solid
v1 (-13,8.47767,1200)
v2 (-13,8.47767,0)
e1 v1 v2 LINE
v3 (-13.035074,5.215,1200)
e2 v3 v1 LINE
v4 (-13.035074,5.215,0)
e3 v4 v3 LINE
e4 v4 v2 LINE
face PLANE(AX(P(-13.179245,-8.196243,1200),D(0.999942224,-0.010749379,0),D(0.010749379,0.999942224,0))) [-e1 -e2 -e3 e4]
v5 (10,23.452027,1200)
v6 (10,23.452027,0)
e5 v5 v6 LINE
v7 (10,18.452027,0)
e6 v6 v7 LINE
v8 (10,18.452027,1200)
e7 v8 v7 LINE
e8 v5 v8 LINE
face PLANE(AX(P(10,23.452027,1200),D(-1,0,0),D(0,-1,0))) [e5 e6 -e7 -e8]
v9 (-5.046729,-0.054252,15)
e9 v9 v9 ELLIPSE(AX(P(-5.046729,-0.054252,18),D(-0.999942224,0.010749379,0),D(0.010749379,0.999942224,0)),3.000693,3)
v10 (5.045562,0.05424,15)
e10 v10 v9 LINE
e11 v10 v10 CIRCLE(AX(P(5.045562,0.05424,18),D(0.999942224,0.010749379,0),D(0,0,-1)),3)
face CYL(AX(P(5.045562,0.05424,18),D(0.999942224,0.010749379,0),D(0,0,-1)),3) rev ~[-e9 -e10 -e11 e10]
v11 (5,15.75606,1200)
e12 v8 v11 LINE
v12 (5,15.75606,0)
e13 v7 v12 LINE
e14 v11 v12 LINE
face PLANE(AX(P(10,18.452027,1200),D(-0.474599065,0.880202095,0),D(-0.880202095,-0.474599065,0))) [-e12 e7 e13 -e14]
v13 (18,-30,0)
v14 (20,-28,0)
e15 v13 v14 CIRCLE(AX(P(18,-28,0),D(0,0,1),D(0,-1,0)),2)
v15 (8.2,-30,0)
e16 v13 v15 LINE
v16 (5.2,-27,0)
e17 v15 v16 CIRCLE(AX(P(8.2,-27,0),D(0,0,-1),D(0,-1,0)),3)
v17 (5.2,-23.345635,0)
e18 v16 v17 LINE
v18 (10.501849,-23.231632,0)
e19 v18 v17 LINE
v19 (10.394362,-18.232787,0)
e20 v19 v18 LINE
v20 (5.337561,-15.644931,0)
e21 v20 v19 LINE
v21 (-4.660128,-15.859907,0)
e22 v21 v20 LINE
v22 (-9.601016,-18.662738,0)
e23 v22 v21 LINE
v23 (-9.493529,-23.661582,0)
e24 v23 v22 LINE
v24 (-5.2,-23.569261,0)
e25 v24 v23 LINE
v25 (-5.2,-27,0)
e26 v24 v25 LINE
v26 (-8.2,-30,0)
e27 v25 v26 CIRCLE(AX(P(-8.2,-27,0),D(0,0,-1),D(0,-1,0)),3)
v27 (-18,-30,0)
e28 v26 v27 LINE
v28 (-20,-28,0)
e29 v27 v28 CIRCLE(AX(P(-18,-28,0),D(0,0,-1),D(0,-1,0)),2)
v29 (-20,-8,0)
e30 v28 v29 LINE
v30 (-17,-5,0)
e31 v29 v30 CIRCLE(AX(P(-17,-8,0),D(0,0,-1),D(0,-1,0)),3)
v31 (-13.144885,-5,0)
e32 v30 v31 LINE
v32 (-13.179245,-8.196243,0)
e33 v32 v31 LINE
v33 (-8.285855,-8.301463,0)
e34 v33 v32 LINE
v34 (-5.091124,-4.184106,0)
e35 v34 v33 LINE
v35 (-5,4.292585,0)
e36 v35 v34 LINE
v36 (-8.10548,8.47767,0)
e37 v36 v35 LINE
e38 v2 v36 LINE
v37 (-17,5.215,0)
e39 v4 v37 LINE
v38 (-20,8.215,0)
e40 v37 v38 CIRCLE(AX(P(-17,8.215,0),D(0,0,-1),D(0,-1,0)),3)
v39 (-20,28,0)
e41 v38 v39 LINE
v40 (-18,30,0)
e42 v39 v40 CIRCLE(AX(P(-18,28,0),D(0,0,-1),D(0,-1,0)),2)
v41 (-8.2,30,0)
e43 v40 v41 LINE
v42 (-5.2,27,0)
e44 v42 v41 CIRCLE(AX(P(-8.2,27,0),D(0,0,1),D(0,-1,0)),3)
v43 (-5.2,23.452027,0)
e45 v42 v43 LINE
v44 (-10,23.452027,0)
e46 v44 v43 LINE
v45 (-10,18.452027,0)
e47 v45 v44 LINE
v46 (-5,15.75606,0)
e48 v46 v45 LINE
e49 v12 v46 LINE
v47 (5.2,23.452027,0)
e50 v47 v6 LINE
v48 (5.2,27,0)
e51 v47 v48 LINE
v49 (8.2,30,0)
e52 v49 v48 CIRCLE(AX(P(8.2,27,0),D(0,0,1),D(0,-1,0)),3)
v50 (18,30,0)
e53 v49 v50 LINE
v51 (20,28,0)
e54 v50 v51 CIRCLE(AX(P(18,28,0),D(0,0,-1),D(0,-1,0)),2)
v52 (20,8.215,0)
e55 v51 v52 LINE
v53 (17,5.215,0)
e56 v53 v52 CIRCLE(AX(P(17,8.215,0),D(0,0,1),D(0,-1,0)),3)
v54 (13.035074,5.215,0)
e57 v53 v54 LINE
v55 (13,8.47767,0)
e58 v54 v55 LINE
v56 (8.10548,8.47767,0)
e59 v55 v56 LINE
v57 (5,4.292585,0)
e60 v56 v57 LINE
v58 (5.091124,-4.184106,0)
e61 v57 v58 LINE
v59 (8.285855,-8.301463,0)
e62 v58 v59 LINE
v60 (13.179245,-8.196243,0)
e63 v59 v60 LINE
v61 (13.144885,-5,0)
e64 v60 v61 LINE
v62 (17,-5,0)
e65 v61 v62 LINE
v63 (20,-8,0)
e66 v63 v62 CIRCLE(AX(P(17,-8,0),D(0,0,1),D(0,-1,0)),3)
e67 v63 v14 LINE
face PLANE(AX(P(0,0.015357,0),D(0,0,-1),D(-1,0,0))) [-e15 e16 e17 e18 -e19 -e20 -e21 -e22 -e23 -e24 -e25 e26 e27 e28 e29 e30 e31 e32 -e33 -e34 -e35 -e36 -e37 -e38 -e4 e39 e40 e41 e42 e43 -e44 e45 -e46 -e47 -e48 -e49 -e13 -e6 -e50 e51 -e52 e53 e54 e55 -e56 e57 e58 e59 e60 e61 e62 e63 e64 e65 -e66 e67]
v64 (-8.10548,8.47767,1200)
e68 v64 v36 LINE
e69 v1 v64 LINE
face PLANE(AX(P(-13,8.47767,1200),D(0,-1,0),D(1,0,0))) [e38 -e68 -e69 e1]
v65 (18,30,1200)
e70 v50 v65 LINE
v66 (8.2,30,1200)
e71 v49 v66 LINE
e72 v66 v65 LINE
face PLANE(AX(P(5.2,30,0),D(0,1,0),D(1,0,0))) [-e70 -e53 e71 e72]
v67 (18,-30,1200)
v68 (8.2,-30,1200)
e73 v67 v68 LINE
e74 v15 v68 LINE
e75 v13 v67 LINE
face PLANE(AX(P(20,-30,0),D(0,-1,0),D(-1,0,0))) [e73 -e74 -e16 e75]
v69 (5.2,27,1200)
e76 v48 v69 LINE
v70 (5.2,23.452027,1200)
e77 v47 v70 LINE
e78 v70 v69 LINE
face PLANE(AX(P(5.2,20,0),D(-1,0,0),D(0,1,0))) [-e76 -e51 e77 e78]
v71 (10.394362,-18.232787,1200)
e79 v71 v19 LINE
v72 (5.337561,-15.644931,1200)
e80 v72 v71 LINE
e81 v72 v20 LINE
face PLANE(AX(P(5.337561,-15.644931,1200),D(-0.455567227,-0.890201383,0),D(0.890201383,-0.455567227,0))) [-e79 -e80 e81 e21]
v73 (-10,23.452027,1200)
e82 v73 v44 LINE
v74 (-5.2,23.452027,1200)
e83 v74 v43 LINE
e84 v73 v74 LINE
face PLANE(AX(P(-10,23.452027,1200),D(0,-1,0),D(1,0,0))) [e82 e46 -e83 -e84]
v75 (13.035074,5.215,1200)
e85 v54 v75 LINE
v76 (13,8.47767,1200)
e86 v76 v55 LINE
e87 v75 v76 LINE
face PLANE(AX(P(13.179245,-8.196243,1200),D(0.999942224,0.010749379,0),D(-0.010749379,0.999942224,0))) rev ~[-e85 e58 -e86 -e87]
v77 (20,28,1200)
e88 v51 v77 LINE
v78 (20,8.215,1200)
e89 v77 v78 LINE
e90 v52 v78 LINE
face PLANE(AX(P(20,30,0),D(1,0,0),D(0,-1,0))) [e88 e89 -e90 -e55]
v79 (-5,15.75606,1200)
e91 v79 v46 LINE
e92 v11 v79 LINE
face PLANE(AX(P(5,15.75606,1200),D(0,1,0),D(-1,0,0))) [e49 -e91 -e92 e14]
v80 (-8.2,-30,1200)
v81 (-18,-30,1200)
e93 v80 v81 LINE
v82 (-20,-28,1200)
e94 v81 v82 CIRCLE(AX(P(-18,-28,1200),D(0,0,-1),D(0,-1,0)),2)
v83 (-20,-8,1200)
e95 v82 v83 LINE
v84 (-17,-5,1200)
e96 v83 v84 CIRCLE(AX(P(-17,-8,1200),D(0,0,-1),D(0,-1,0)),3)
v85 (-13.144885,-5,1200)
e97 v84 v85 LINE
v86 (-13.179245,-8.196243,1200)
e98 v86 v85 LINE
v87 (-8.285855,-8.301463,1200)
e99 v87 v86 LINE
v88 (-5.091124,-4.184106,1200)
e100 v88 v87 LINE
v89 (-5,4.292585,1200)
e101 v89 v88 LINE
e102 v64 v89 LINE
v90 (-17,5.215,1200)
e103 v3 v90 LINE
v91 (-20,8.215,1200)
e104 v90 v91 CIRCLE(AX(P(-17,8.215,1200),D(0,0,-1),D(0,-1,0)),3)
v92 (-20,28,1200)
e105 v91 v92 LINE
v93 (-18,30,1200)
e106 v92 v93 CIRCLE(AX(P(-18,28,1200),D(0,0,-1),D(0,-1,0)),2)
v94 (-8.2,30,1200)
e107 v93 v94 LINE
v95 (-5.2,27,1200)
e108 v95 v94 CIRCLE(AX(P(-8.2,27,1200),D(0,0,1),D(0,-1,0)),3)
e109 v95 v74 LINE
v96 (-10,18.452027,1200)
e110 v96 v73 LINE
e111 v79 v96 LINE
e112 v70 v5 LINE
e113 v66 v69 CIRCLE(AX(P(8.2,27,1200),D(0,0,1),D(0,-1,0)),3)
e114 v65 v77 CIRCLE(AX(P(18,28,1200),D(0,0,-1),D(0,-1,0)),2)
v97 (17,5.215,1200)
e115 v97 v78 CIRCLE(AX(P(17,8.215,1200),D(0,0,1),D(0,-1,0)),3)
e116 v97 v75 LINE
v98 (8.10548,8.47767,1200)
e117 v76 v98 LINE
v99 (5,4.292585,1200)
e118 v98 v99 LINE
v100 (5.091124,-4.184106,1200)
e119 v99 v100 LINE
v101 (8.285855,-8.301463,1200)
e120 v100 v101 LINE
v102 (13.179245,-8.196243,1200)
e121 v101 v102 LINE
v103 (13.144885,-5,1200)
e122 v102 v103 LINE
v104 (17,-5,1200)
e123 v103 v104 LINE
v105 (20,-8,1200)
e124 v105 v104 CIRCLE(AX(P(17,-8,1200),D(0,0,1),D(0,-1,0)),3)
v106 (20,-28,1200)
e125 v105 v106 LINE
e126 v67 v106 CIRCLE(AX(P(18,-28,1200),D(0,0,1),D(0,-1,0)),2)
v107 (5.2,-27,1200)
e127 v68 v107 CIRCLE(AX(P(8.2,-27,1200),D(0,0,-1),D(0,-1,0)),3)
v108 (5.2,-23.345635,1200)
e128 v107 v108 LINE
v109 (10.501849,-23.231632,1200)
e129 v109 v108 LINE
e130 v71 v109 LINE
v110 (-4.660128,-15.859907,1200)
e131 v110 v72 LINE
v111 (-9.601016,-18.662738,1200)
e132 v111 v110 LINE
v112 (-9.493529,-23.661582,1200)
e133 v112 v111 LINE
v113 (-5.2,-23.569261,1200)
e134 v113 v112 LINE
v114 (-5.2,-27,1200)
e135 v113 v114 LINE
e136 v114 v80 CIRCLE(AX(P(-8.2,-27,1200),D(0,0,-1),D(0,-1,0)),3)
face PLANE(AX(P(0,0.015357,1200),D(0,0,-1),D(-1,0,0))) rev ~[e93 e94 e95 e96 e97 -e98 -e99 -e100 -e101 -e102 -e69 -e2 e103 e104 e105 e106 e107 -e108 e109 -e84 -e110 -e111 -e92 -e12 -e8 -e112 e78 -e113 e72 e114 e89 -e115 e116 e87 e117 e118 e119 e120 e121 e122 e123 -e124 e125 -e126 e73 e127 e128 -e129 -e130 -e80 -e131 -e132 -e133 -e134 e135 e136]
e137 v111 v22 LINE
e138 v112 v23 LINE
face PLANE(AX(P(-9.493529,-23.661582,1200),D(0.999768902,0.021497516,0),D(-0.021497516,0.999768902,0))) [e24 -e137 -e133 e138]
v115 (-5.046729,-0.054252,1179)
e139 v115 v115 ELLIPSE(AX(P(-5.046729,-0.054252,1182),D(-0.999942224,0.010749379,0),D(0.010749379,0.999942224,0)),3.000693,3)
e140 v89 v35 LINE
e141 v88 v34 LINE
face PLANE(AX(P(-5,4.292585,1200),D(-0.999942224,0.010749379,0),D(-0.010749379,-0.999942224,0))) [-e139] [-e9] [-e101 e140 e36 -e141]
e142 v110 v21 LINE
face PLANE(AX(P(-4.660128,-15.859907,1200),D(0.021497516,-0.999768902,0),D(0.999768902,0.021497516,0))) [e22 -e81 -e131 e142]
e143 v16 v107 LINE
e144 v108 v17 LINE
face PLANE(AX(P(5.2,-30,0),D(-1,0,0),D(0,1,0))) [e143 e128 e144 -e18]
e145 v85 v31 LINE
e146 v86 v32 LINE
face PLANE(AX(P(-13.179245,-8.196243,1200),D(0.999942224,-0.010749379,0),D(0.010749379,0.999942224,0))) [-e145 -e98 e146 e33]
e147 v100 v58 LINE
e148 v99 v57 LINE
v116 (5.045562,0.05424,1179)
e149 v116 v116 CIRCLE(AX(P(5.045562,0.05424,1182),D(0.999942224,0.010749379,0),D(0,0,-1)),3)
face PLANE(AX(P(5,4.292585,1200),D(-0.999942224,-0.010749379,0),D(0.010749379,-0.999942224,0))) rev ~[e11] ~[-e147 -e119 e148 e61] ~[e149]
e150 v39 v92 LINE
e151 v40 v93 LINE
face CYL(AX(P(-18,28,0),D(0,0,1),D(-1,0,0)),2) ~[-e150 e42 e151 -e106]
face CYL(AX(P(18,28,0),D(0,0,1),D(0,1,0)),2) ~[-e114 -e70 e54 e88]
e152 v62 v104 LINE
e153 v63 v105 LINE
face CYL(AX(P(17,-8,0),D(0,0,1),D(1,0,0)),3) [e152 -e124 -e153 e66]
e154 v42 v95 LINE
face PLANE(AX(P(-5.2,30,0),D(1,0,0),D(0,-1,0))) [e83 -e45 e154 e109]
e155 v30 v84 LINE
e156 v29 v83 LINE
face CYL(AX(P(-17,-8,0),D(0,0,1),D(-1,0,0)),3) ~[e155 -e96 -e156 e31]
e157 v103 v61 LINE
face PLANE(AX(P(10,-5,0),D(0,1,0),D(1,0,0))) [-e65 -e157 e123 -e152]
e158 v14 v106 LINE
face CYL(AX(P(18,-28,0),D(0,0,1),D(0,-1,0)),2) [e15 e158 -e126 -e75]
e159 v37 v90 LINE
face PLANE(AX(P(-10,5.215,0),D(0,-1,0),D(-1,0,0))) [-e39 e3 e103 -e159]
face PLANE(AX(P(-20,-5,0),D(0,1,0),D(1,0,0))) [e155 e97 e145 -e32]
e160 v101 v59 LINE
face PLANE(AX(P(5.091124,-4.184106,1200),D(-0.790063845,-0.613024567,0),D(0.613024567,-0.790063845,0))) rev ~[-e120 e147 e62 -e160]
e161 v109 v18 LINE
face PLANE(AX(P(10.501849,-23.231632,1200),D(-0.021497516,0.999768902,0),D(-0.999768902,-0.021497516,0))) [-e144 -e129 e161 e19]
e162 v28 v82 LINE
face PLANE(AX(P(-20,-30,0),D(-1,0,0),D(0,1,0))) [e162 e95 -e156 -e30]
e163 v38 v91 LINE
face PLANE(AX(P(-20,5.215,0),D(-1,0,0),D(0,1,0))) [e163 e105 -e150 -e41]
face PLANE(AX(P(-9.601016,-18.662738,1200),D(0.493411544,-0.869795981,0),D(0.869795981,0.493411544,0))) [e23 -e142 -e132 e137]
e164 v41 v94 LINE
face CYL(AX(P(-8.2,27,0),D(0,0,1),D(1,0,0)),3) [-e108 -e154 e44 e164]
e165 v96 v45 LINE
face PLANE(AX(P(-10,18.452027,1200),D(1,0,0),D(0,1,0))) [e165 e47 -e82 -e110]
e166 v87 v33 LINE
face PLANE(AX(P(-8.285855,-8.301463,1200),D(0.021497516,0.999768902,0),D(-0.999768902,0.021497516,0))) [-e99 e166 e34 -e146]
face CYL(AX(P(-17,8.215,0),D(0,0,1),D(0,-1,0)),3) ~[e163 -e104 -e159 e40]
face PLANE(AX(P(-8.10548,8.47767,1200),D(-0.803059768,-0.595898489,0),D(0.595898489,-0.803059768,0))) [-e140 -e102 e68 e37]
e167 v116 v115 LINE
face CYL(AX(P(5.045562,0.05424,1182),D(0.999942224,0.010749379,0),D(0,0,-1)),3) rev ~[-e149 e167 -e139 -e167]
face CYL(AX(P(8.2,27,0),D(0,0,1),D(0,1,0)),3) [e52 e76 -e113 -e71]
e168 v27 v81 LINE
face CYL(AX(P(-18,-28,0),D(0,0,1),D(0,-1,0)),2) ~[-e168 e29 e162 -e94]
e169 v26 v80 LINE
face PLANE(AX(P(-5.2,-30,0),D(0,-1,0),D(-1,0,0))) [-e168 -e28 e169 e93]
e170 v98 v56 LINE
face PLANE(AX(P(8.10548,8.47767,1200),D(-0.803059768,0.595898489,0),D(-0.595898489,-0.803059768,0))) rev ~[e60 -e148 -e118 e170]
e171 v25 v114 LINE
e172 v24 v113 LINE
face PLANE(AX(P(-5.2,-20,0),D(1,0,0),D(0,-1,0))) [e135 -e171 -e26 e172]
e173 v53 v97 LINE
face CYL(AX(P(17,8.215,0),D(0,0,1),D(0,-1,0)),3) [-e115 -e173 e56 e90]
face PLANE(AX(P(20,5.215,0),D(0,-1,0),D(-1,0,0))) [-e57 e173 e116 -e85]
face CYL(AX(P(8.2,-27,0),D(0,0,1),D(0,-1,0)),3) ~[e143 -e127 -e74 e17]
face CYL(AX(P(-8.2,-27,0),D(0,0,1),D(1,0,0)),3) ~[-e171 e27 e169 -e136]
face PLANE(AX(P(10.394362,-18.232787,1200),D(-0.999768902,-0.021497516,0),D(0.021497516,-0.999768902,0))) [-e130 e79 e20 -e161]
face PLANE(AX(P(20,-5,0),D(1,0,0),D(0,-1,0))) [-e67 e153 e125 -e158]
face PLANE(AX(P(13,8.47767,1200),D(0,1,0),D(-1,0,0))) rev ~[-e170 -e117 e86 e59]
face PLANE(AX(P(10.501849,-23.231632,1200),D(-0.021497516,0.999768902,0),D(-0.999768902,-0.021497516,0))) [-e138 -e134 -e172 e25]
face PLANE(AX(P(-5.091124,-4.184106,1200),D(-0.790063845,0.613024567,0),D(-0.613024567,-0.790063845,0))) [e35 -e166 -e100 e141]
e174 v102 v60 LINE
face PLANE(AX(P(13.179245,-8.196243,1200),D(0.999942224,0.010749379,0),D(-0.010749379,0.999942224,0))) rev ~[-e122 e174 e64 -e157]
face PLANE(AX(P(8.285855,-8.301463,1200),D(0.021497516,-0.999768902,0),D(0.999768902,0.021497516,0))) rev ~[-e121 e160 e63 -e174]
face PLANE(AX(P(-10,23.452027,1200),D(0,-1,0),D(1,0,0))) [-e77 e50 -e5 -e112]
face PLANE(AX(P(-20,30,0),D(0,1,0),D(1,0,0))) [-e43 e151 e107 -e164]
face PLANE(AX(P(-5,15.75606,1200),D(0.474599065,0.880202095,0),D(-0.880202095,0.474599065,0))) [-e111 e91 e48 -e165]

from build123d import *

# Parameters (mm, degrees)
SALIENTE_EXTRUIR1_DEPTH    = 1200
REDONDEO3_R                = 2
REDONDEO4_R                = 3
CORTAR_EXTRUIR1_DEPTH      = 1200
CROQUIS3_R                 = 3
CORTAR_EXTRUIR2_DEPTH      = 56
CORTAR_EXTRUIR2_DEPTH_BACK = 96


with BuildPart() as part:
    # Croquis1 → Saliente-Extruir1 (new body)
    with BuildSketch(Plane.XY):
        Polygon((20, -30), (5.2, -30), (5.2, -20), (-5.2, -20), (-5.2, -30), (-20, -30), (-20, -5), (-10, -5), (-10, 5.215), (-20, 5.215), (-20, 30), (-5.2, 30), (-5.2, 20), (5.2, 20), (5.2, 30), (20, 30), (20, 5.215), (10, 5.215), (10, -5), (20, -5), align=None)
    extrude(amount=SALIENTE_EXTRUIR1_DEPTH)

    # Redondeo3
    redondeo3_edges = [part.edges().sort_by_distance(p)[0] for p in [
        (-20, -30, 600),
        (-20, 30, 600),
        (20, 30, 600),
        (20, -30, 600),
    ]]
    fillet(redondeo3_edges, radius=REDONDEO3_R)

    # Redondeo4
    redondeo4_edges = [part.edges().sort_by_distance(p)[0] for p in [
        (-5.2, -30, 600),
        (-20, -5, 600),
        (-20, 5.215, 600),
        (-5.2, 30, 600),
        (5.2, 30, 600),
        (20, 5.215, 600),
        (20, -5, 600),
        (5.2, -30, 600),
    ]]
    fillet(redondeo4_edges, radius=REDONDEO4_R)

    # Croquis2 → Cortar-Extruir1 (cut)
    with BuildSketch(Plane.XY.offset(1200)):
        Polygon((-10, 23.452026666), (10, 23.452026666), (10, 18.452026666), (5, 15.75606021), (-5, 15.75606021), (-10, 18.452026666), align=None)
        Polygon((-9.601016284, -18.662737591), (-4.660128357, -15.859906589), (5.33756066, -15.644931432), (10.39436175, -18.232787277), (10.501849328, -23.231631786), (-9.493528706, -23.6615821), align=None)
        Polygon((13, 8.477670191), (8.105479793, 8.477670191), (5, 4.292585096), (5.091124424, -4.184105508), (8.285855478, -8.301463337), (13.17924457, -8.196243312), align=None)
        Polygon((-13, 8.477670191), (-8.105479793, 8.477670191), (-5, 4.292585096), (-5.091124424, -4.184105508), (-8.285855478, -8.301463337), (-13.17924457, -8.196243312), align=None)
    extrude(amount=-CORTAR_EXTRUIR1_DEPTH, mode=Mode.SUBTRACT)

    # Croquis3 → Cortar-Extruir2 (cut, two sides)
    with BuildSketch(Plane(origin=(5.045562212, 0.054239794, 0), x_dir=(0, 0, -1), z_dir=(0.999942224, 0.010749379, 0))) as cortar_extruir2_sk:
        with Locations((-1182, 0)):
            Circle(CROQUIS3_R)
        with Locations((-18, 0)):
            Circle(CROQUIS3_R)
    extrude(amount=CORTAR_EXTRUIR2_DEPTH, mode=Mode.SUBTRACT)
    extrude(cortar_extruir2_sk.sketch, amount=-CORTAR_EXTRUIR2_DEPTH_BACK, mode=Mode.SUBTRACT)


solid = part.part
